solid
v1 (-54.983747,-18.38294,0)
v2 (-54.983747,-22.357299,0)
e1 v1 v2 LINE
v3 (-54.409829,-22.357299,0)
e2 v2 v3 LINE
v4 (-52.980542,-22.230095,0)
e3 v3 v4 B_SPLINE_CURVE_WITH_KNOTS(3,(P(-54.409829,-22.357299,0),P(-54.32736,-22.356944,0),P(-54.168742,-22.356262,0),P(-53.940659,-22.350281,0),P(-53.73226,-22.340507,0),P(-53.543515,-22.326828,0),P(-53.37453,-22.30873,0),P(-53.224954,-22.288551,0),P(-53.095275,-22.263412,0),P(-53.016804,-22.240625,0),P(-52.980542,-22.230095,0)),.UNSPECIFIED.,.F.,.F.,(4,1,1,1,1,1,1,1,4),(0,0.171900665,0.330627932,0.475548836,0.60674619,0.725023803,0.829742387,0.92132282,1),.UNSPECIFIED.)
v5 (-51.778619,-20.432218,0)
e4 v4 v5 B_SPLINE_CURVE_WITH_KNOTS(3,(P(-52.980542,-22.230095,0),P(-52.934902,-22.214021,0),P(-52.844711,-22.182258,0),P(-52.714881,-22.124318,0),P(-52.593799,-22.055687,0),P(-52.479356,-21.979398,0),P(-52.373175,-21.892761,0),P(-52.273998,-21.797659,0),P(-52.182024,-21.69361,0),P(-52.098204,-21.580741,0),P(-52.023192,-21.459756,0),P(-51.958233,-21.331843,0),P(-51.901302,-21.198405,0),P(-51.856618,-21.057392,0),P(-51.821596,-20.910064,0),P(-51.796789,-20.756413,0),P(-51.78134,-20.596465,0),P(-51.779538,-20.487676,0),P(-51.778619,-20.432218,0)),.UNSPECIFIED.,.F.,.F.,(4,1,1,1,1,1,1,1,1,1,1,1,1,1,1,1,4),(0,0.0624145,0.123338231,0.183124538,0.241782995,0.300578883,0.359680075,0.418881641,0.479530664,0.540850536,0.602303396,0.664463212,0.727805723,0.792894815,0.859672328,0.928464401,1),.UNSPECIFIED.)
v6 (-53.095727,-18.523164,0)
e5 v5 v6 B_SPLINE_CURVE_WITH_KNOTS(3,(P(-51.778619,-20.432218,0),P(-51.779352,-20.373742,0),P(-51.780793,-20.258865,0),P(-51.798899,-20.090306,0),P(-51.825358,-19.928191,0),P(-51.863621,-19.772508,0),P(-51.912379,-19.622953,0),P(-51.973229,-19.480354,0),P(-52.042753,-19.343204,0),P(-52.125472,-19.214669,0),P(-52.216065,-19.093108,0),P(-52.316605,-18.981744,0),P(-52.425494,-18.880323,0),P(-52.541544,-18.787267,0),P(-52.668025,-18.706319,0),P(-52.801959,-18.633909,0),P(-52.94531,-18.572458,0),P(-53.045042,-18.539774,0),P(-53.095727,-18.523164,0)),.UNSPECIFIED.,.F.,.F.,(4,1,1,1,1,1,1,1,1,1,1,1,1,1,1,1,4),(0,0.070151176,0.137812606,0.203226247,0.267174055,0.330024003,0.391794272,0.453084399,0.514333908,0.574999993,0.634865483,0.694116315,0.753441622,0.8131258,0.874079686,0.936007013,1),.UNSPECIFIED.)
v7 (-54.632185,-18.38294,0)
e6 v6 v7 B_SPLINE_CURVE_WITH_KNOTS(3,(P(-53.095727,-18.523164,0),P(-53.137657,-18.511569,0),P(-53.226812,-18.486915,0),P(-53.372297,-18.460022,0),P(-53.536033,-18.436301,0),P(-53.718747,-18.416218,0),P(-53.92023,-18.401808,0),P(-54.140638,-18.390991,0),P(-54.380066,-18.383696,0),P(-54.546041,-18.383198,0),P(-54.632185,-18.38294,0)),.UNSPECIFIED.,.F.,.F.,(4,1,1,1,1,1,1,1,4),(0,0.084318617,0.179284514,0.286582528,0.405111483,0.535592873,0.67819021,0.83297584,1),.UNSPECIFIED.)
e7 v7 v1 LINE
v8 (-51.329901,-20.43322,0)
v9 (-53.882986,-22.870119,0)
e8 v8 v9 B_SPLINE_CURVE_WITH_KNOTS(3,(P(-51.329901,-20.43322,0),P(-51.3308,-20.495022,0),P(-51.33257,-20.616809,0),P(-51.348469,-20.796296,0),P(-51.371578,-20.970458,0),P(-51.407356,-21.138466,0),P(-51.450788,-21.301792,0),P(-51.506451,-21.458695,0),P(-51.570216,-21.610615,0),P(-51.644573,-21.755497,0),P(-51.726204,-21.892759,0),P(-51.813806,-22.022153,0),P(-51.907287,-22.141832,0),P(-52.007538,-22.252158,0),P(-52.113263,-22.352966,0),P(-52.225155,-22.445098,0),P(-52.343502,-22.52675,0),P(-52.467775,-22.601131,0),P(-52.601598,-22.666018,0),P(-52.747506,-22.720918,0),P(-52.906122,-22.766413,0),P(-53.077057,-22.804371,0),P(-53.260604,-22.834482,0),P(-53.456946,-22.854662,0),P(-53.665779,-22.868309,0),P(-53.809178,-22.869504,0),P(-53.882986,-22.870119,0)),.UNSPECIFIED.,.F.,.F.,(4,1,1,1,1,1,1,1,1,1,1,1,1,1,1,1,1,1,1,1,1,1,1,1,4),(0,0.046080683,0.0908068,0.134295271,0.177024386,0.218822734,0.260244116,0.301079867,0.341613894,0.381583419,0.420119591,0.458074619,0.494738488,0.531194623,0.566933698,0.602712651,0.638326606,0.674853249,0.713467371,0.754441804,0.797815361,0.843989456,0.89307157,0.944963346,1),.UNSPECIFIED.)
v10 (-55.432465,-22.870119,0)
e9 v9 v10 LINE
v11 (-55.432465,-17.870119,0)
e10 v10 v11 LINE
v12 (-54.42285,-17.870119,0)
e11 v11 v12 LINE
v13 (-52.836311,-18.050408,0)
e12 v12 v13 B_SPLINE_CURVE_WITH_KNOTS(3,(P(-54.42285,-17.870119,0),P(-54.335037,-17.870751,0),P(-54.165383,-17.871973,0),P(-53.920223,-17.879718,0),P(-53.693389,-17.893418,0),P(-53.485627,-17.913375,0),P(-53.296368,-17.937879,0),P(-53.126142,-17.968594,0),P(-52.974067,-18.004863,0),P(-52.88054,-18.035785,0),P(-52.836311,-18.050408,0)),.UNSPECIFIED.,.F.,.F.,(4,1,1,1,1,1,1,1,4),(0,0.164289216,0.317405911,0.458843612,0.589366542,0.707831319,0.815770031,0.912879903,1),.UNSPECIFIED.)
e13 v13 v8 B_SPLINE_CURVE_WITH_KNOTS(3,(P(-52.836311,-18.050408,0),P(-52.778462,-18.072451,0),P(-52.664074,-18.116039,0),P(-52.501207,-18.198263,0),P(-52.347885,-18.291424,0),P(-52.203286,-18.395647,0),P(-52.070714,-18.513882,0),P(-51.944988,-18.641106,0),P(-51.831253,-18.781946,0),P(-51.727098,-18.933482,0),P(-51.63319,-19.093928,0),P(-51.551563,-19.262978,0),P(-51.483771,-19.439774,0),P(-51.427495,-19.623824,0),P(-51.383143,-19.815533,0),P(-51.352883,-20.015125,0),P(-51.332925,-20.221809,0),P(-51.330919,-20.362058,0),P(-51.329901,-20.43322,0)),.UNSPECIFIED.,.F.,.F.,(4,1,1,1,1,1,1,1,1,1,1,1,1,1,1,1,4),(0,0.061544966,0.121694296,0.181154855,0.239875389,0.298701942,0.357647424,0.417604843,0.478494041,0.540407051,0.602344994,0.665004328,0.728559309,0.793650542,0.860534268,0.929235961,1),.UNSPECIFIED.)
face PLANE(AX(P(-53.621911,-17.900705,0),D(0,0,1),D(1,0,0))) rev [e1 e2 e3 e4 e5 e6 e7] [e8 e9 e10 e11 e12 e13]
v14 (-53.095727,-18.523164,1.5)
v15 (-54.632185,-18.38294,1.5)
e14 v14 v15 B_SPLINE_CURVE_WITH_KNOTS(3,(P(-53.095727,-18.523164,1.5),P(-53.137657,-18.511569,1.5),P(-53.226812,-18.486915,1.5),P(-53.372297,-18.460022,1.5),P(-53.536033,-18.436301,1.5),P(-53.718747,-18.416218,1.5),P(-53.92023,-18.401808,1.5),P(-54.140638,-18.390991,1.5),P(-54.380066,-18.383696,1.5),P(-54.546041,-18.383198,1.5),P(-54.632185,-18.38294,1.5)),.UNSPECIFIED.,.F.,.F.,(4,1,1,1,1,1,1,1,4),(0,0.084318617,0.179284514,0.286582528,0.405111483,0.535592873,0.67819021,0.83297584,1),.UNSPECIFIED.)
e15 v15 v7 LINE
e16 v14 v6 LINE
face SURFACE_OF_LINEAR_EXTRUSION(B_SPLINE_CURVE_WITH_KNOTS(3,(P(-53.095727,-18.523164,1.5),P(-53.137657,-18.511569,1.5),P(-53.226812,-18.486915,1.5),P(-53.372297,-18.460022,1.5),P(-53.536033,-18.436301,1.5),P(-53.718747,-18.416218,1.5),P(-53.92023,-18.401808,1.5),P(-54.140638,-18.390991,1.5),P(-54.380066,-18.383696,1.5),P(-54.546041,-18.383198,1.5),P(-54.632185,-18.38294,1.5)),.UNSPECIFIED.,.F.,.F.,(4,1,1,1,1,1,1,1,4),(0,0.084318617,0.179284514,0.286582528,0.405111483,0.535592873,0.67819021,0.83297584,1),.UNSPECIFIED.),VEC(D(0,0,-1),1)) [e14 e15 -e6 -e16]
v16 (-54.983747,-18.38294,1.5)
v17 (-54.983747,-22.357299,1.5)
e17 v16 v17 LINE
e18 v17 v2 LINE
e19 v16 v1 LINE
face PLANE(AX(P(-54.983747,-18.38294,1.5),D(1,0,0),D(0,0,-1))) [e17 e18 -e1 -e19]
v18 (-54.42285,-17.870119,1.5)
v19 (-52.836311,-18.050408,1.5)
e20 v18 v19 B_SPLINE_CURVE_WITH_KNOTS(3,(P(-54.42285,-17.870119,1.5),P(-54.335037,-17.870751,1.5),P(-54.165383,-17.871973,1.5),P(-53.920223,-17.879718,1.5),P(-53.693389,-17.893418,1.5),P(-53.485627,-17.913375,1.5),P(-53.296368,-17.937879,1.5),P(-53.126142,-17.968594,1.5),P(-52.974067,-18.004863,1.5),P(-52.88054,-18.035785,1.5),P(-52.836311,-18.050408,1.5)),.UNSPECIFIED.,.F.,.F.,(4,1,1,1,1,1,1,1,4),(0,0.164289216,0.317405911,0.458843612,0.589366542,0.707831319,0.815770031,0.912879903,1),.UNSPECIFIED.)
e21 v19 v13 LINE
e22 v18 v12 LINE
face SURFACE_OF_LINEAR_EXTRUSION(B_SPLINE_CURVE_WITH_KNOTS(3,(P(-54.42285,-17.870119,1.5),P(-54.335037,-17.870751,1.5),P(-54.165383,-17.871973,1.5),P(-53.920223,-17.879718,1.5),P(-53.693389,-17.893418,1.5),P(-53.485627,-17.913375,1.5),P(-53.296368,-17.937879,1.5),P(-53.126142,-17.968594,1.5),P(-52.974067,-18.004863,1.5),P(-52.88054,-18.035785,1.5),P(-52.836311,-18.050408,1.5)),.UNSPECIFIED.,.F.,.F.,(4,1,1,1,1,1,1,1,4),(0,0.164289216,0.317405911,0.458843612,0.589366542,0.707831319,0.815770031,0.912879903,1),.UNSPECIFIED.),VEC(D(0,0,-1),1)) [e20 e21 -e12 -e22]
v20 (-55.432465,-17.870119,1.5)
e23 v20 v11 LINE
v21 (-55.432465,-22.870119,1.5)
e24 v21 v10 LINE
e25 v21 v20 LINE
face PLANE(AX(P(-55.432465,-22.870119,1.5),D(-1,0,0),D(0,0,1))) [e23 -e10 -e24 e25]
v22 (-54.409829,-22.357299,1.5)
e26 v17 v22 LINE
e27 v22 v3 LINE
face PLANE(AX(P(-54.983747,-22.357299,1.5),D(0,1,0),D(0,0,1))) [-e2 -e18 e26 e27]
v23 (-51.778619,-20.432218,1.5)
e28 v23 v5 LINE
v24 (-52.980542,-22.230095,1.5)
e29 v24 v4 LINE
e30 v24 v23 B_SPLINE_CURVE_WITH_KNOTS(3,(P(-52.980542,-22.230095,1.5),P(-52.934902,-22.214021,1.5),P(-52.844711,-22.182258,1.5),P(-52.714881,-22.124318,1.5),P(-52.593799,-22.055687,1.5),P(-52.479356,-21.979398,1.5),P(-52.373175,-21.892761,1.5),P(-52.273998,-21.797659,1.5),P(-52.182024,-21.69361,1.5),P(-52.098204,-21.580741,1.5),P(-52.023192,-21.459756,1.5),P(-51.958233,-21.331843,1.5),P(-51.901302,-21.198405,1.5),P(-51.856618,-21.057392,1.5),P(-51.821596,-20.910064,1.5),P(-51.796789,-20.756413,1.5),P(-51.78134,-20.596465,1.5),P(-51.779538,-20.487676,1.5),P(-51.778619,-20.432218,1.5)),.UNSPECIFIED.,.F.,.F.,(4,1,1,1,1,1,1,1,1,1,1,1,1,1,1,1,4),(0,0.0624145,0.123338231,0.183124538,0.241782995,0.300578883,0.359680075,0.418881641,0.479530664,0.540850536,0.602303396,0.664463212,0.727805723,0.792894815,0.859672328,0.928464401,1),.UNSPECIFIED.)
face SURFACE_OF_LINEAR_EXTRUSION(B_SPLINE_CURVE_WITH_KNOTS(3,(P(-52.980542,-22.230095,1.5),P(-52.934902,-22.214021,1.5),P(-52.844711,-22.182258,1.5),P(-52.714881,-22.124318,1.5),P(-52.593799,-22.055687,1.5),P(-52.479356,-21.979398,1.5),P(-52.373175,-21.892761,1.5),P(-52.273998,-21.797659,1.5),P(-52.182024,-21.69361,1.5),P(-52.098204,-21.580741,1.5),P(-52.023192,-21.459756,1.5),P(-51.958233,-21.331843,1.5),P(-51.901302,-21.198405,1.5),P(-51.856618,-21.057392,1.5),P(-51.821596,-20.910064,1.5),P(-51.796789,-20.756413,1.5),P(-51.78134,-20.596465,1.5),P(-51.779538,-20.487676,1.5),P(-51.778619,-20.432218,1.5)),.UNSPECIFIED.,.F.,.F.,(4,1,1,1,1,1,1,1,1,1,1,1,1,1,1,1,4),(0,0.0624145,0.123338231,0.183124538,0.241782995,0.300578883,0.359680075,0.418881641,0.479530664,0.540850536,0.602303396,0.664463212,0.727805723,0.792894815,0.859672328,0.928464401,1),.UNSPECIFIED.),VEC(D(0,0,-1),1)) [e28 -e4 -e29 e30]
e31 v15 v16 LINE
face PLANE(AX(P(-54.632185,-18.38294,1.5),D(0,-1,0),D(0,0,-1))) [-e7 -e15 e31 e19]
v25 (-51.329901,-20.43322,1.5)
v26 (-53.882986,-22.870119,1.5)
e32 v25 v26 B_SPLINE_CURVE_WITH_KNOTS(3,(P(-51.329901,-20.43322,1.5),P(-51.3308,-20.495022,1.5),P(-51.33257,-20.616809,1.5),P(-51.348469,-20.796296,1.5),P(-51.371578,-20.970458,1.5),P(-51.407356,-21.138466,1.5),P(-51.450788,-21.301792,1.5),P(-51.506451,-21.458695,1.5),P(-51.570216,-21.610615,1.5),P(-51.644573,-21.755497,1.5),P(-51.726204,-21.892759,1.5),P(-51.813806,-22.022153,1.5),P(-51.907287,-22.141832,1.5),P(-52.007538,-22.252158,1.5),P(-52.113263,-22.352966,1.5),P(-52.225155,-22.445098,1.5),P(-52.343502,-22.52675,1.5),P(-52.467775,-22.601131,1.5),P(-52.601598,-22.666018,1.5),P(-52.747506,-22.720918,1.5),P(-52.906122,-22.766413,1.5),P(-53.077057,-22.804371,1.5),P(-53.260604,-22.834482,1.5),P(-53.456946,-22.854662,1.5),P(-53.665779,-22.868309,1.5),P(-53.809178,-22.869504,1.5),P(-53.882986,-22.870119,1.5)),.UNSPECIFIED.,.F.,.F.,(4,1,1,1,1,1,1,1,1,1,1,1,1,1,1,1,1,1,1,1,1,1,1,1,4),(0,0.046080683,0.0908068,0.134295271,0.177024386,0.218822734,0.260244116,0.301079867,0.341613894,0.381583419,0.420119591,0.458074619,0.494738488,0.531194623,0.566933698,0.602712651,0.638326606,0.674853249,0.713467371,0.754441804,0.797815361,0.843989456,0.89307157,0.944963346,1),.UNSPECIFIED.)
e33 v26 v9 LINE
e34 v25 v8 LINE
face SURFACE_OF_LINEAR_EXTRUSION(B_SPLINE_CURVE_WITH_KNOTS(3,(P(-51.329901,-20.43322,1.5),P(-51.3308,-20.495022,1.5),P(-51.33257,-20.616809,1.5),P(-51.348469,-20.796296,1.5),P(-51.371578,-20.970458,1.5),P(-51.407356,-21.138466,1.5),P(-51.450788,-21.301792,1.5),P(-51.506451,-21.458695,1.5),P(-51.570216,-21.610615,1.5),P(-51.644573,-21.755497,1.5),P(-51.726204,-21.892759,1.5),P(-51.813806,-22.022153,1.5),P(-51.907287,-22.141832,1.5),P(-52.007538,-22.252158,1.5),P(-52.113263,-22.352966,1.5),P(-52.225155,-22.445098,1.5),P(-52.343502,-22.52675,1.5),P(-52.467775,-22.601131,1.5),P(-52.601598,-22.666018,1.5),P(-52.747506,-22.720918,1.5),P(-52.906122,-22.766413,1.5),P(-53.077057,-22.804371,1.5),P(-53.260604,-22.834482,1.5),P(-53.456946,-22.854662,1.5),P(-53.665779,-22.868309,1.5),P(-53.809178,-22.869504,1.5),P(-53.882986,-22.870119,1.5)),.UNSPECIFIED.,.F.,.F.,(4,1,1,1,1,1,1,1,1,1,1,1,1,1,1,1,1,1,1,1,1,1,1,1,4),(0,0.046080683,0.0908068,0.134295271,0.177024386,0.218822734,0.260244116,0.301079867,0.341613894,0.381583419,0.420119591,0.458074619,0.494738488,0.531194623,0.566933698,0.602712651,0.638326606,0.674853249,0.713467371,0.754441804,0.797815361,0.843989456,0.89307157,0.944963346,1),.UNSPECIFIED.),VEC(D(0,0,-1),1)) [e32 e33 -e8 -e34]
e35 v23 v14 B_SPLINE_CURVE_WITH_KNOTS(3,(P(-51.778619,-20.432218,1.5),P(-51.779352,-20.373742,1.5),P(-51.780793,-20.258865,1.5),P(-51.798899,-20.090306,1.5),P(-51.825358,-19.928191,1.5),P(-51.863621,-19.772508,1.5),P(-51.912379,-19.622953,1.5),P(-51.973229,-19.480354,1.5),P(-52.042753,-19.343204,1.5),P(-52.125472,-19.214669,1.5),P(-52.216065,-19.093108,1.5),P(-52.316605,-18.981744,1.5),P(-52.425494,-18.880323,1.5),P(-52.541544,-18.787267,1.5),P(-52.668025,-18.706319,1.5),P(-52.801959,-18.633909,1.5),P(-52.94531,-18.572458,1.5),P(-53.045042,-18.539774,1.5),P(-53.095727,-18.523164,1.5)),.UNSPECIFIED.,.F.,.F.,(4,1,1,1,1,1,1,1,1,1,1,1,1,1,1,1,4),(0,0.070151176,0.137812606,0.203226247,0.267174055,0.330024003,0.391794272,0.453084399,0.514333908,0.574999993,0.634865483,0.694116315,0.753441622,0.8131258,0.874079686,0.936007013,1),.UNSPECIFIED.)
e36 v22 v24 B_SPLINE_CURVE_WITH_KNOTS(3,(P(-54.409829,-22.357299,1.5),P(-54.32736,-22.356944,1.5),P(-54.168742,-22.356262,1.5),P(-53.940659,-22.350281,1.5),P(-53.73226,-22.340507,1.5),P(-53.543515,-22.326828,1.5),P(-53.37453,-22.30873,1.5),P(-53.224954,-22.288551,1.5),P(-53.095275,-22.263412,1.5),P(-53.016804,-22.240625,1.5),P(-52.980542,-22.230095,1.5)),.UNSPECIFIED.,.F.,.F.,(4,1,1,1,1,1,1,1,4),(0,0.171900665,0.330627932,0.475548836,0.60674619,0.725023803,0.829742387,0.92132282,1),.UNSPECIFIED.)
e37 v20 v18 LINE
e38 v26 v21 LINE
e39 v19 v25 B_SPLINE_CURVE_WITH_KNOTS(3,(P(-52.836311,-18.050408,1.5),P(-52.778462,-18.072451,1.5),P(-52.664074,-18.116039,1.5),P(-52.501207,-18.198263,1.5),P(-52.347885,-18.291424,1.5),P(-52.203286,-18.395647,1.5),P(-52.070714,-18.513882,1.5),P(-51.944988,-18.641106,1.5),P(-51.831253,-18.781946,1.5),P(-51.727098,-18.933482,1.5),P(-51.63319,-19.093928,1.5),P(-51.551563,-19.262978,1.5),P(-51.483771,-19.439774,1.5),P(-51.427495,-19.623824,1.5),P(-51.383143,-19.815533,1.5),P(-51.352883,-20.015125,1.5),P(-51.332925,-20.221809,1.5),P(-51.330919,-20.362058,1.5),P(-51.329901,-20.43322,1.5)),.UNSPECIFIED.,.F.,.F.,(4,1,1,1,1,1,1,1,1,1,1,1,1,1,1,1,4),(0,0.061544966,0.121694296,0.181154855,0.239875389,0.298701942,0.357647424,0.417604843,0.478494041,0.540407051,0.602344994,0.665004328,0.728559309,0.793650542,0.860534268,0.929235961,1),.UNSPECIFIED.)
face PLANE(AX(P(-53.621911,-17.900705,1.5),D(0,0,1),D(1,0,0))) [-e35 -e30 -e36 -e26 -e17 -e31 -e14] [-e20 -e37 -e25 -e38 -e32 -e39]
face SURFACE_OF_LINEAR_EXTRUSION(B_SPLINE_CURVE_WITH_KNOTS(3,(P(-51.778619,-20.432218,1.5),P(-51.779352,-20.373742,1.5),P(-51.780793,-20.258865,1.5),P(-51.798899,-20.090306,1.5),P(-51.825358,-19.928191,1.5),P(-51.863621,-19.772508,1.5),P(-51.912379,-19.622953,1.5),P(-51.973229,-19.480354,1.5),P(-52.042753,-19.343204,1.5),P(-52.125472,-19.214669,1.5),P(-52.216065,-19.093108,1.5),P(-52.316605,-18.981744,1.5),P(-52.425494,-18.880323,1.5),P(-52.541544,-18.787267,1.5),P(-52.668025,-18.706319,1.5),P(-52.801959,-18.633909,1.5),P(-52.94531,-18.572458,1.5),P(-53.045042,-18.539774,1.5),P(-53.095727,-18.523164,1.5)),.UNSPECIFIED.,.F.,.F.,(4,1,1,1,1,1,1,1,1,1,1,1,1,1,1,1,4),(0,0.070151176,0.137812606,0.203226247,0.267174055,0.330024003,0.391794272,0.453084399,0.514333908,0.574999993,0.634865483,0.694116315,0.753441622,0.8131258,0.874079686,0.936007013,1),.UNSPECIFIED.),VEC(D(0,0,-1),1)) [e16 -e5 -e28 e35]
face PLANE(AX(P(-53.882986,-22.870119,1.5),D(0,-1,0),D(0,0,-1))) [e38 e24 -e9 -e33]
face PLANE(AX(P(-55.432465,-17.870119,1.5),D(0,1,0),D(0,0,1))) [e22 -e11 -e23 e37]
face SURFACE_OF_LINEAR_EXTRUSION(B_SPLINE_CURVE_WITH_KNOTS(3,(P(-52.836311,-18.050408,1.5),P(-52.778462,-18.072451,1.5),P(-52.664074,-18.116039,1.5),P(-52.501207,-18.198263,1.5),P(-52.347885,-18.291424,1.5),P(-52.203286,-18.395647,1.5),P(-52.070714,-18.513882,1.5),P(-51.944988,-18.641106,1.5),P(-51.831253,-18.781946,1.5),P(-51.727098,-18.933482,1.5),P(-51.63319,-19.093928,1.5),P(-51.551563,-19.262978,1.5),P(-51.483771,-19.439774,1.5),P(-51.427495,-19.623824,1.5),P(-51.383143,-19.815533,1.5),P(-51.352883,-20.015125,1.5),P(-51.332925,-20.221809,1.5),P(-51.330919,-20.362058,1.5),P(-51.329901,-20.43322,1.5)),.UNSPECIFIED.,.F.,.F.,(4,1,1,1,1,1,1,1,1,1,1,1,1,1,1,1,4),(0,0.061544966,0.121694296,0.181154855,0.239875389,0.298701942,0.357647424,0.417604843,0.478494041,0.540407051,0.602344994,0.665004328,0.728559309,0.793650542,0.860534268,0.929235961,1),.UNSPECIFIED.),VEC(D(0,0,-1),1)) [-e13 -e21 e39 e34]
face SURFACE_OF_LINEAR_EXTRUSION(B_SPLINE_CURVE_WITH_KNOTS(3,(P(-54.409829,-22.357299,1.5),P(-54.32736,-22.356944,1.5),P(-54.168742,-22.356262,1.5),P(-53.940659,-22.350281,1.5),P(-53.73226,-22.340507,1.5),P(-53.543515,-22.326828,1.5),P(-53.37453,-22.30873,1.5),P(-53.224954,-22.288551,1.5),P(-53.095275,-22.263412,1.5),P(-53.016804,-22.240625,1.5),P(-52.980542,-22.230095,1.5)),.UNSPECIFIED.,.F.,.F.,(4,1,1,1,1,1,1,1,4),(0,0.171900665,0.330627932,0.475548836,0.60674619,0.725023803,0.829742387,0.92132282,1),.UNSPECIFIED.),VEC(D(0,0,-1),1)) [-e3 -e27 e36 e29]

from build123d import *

# Parameters (mm, degrees)
BOSS_EXTRU_1_DEPTH = 1.5


with BuildPart() as part:
    # Esquisse1 → Boss.-Extru.1 (new body)
    with BuildSketch(Plane.XY):
        with BuildLine():
            Line((-55.432465326, -22.870119076), (-55.432465326, -17.870119076))
            Line((-55.432465326, -17.870119076), (-54.422849941, -17.870119076))
            add(Edge.make_bspline(
                [(-54.422849941, -17.870119076), (-54.335037101, -17.870751319), (-54.165383151, -17.871972809), (-53.920222511, -17.879717653), (-53.693388565, -17.893418319), (-53.485627338, -17.913374785), (-53.296368463, -17.937879119), (-53.12614188, -17.968593982), (-52.974067391, -18.004862797), (-52.880539618, -18.035784869), (-52.83631148, -18.050407538)],
                knots=[0, 0, 0, 0, 1.314313732, 2.53924729, 3.670748893, 4.714932338, 5.66265055, 6.526160246, 7.303039223, 8, 8, 8, 8], degree=3))
            add(Edge.make_bspline(
                [(-52.83631148, -18.050407538), (-52.778461852, -18.072451403), (-52.664074435, -18.116039252), (-52.501207117, -18.198262539), (-52.34788517, -18.291424113), (-52.203286391, -18.395646774), (-52.070713782, -18.513881558), (-51.944988215, -18.641105966), (-51.831252896, -18.781946452), (-51.727098187, -18.933482149), (-51.633190102, -19.093927938), (-51.551562734, -19.262978093), (-51.483771315, -19.439774105), (-51.427495277, -19.623824316), (-51.383143194, -19.815533427), (-51.352883292, -20.015124664), (-51.332924735, -20.221809221), (-51.330918947, -20.362058455), (-51.329901223, -20.433220038)],
                knots=[0, 0, 0, 0, 0.984719456, 1.947108742, 2.898477687, 3.838006223, 4.779231079, 5.722358779, 6.681677486, 7.655904652, 8.64651281, 9.637519902, 10.640069247, 11.656948941, 12.698408672, 13.768548281, 14.867775369, 16, 16, 16, 16], degree=3))
            add(Edge.make_bspline(
                [(-51.329901223, -20.433220038), (-51.330799748, -20.495021807), (-51.332570386, -20.616808648), (-51.348469408, -20.796295642), (-51.371578437, -20.970457887), (-51.407355862, -21.13846603), (-51.450788024, -21.301792055), (-51.506451098, -21.458695262), (-51.570216092, -21.610614989), (-51.644573062, -21.755497098), (-51.726203612, -21.892759058), (-51.813806102, -22.02215267), (-51.907287095, -22.141831558), (-52.007537999, -22.252158147), (-52.113263309, -22.352966116), (-52.225155209, -22.445097566), (-52.343502425, -22.526749787), (-52.467774886, -22.601131371), (-52.601597928, -22.666017593), (-52.747506308, -22.720917607), (-52.906122277, -22.766412772), (-53.077056501, -22.804371194), (-53.260604326, -22.834481627), (-53.456945706, -22.854662187), (-53.665778977, -22.868309234), (-53.809177927, -22.869504082), (-53.882986159, -22.870119076)],
                knots=[0, 0, 0, 0, 1.105936401, 2.179363191, 3.223086493, 4.248585256, 5.251745608, 6.245858792, 7.225916811, 8.198733463, 9.158002045, 10.082870192, 10.993790845, 11.873723703, 12.748670949, 13.606408763, 14.465103618, 15.319838547, 16.196477973, 17.123216899, 18.106603292, 19.147568657, 20.255746949, 21.433717677, 22.679120308, 24, 24, 24, 24], degree=3))
            Line((-53.882986159, -22.870119076), (-55.432465326, -22.870119076))
        make_face()
        with BuildLine():
            Line((-54.983747377, -22.357298563), (-54.409829108, -22.357298563))
            add(Edge.make_bspline(
                [(-54.409829108, -22.357298563), (-54.327360007, -22.35694414), (-54.168741723, -22.356262454), (-53.94065887, -22.350280735), (-53.732259732, -22.340506539), (-53.543514719, -22.326827856), (-53.374530398, -22.308729835), (-53.224953613, -22.288551402), (-53.095274672, -22.263412187), (-53.016804048, -22.240625102), (-52.980542249, -22.230095038)],
                knots=[0, 0, 0, 0, 1.375205317, 2.645023457, 3.804390687, 4.853969522, 5.800190428, 6.637939096, 7.370582563, 8, 8, 8, 8], degree=3))
            add(Edge.make_bspline(
                [(-52.980542249, -22.230095038), (-52.934901732, -22.214021383), (-52.84471082, -22.182257993), (-52.714880698, -22.124318477), (-52.593799263, -22.055686949), (-52.47935637, -21.979397986), (-52.373175433, -21.89276084), (-52.273998124, -21.797659427), (-52.182024123, -21.693609749), (-52.098203683, -21.580740947), (-52.02319182, -21.459755524), (-51.95823292, -21.331842905), (-51.901302161, -21.198404604), (-51.856618457, -21.057391521), (-51.821596194, -20.910064294), (-51.796789497, -20.756412561), (-51.781339891, -20.596465016), (-51.779537822, -20.487676267), (-51.778619172, -20.432218435)],
                knots=[0, 0, 0, 0, 0.998632004, 1.973411704, 2.929992603, 3.868527914, 4.809262121, 5.754881198, 6.702106254, 7.672490631, 8.653608572, 9.636854334, 10.631411391, 11.644891563, 12.686317036, 13.754757253, 14.855430412, 16, 16, 16, 16], degree=3))
            add(Edge.make_bspline(
                [(-51.778619172, -20.432218435), (-51.77935244, -20.373742035), (-51.780792951, -20.258864629), (-51.798899108, -20.090306492), (-51.825358473, -19.928191277), (-51.863620882, -19.772508141), (-51.91237928, -19.622953352), (-51.973228768, -19.480354052), (-52.04275251, -19.343204239), (-52.125471563, -19.214669431), (-52.216065268, -19.093107847), (-52.316605095, -18.981743682), (-52.425493722, -18.880323253), (-52.541543507, -18.787267092), (-52.668025077, -18.706318983), (-52.801958921, -18.633909439), (-52.94530988, -18.572458165), (-53.045042303, -18.539774076), (-53.095726544, -18.523163948)],
                knots=[0, 0, 0, 0, 1.122418816, 2.205001699, 3.251619955, 4.274784885, 5.280384055, 6.268708349, 7.249350384, 8.229342522, 9.199999885, 10.157847722, 11.105861043, 12.055065948, 13.010012805, 13.98527497, 14.976112212, 16, 16, 16, 16], degree=3))
            add(Edge.make_bspline(
                [(-53.095726544, -18.523163948), (-53.137656753, -18.511569051), (-53.226811882, -18.486915119), (-53.372296831, -18.46002173), (-53.536032758, -18.436301017), (-53.718746617, -18.416218103), (-53.92023013, -18.401807644), (-54.140638256, -18.39099148), (-54.380066262, -18.383696291), (-54.546041311, -18.383198138), (-54.632184877, -18.382939589)],
                knots=[0, 0, 0, 0, 0.674548936, 1.434276114, 2.292660221, 3.240891867, 4.284742987, 5.42552168, 6.663806718, 8, 8, 8, 8], degree=3))
            Line((-54.632184877, -18.382939589), (-54.983747377, -18.382939589))
            Line((-54.983747377, -18.382939589), (-54.983747377, -22.357298563))
        make_face(mode=Mode.SUBTRACT)
    extrude(amount=BOSS_EXTRU_1_DEPTH)


solid = part.part
